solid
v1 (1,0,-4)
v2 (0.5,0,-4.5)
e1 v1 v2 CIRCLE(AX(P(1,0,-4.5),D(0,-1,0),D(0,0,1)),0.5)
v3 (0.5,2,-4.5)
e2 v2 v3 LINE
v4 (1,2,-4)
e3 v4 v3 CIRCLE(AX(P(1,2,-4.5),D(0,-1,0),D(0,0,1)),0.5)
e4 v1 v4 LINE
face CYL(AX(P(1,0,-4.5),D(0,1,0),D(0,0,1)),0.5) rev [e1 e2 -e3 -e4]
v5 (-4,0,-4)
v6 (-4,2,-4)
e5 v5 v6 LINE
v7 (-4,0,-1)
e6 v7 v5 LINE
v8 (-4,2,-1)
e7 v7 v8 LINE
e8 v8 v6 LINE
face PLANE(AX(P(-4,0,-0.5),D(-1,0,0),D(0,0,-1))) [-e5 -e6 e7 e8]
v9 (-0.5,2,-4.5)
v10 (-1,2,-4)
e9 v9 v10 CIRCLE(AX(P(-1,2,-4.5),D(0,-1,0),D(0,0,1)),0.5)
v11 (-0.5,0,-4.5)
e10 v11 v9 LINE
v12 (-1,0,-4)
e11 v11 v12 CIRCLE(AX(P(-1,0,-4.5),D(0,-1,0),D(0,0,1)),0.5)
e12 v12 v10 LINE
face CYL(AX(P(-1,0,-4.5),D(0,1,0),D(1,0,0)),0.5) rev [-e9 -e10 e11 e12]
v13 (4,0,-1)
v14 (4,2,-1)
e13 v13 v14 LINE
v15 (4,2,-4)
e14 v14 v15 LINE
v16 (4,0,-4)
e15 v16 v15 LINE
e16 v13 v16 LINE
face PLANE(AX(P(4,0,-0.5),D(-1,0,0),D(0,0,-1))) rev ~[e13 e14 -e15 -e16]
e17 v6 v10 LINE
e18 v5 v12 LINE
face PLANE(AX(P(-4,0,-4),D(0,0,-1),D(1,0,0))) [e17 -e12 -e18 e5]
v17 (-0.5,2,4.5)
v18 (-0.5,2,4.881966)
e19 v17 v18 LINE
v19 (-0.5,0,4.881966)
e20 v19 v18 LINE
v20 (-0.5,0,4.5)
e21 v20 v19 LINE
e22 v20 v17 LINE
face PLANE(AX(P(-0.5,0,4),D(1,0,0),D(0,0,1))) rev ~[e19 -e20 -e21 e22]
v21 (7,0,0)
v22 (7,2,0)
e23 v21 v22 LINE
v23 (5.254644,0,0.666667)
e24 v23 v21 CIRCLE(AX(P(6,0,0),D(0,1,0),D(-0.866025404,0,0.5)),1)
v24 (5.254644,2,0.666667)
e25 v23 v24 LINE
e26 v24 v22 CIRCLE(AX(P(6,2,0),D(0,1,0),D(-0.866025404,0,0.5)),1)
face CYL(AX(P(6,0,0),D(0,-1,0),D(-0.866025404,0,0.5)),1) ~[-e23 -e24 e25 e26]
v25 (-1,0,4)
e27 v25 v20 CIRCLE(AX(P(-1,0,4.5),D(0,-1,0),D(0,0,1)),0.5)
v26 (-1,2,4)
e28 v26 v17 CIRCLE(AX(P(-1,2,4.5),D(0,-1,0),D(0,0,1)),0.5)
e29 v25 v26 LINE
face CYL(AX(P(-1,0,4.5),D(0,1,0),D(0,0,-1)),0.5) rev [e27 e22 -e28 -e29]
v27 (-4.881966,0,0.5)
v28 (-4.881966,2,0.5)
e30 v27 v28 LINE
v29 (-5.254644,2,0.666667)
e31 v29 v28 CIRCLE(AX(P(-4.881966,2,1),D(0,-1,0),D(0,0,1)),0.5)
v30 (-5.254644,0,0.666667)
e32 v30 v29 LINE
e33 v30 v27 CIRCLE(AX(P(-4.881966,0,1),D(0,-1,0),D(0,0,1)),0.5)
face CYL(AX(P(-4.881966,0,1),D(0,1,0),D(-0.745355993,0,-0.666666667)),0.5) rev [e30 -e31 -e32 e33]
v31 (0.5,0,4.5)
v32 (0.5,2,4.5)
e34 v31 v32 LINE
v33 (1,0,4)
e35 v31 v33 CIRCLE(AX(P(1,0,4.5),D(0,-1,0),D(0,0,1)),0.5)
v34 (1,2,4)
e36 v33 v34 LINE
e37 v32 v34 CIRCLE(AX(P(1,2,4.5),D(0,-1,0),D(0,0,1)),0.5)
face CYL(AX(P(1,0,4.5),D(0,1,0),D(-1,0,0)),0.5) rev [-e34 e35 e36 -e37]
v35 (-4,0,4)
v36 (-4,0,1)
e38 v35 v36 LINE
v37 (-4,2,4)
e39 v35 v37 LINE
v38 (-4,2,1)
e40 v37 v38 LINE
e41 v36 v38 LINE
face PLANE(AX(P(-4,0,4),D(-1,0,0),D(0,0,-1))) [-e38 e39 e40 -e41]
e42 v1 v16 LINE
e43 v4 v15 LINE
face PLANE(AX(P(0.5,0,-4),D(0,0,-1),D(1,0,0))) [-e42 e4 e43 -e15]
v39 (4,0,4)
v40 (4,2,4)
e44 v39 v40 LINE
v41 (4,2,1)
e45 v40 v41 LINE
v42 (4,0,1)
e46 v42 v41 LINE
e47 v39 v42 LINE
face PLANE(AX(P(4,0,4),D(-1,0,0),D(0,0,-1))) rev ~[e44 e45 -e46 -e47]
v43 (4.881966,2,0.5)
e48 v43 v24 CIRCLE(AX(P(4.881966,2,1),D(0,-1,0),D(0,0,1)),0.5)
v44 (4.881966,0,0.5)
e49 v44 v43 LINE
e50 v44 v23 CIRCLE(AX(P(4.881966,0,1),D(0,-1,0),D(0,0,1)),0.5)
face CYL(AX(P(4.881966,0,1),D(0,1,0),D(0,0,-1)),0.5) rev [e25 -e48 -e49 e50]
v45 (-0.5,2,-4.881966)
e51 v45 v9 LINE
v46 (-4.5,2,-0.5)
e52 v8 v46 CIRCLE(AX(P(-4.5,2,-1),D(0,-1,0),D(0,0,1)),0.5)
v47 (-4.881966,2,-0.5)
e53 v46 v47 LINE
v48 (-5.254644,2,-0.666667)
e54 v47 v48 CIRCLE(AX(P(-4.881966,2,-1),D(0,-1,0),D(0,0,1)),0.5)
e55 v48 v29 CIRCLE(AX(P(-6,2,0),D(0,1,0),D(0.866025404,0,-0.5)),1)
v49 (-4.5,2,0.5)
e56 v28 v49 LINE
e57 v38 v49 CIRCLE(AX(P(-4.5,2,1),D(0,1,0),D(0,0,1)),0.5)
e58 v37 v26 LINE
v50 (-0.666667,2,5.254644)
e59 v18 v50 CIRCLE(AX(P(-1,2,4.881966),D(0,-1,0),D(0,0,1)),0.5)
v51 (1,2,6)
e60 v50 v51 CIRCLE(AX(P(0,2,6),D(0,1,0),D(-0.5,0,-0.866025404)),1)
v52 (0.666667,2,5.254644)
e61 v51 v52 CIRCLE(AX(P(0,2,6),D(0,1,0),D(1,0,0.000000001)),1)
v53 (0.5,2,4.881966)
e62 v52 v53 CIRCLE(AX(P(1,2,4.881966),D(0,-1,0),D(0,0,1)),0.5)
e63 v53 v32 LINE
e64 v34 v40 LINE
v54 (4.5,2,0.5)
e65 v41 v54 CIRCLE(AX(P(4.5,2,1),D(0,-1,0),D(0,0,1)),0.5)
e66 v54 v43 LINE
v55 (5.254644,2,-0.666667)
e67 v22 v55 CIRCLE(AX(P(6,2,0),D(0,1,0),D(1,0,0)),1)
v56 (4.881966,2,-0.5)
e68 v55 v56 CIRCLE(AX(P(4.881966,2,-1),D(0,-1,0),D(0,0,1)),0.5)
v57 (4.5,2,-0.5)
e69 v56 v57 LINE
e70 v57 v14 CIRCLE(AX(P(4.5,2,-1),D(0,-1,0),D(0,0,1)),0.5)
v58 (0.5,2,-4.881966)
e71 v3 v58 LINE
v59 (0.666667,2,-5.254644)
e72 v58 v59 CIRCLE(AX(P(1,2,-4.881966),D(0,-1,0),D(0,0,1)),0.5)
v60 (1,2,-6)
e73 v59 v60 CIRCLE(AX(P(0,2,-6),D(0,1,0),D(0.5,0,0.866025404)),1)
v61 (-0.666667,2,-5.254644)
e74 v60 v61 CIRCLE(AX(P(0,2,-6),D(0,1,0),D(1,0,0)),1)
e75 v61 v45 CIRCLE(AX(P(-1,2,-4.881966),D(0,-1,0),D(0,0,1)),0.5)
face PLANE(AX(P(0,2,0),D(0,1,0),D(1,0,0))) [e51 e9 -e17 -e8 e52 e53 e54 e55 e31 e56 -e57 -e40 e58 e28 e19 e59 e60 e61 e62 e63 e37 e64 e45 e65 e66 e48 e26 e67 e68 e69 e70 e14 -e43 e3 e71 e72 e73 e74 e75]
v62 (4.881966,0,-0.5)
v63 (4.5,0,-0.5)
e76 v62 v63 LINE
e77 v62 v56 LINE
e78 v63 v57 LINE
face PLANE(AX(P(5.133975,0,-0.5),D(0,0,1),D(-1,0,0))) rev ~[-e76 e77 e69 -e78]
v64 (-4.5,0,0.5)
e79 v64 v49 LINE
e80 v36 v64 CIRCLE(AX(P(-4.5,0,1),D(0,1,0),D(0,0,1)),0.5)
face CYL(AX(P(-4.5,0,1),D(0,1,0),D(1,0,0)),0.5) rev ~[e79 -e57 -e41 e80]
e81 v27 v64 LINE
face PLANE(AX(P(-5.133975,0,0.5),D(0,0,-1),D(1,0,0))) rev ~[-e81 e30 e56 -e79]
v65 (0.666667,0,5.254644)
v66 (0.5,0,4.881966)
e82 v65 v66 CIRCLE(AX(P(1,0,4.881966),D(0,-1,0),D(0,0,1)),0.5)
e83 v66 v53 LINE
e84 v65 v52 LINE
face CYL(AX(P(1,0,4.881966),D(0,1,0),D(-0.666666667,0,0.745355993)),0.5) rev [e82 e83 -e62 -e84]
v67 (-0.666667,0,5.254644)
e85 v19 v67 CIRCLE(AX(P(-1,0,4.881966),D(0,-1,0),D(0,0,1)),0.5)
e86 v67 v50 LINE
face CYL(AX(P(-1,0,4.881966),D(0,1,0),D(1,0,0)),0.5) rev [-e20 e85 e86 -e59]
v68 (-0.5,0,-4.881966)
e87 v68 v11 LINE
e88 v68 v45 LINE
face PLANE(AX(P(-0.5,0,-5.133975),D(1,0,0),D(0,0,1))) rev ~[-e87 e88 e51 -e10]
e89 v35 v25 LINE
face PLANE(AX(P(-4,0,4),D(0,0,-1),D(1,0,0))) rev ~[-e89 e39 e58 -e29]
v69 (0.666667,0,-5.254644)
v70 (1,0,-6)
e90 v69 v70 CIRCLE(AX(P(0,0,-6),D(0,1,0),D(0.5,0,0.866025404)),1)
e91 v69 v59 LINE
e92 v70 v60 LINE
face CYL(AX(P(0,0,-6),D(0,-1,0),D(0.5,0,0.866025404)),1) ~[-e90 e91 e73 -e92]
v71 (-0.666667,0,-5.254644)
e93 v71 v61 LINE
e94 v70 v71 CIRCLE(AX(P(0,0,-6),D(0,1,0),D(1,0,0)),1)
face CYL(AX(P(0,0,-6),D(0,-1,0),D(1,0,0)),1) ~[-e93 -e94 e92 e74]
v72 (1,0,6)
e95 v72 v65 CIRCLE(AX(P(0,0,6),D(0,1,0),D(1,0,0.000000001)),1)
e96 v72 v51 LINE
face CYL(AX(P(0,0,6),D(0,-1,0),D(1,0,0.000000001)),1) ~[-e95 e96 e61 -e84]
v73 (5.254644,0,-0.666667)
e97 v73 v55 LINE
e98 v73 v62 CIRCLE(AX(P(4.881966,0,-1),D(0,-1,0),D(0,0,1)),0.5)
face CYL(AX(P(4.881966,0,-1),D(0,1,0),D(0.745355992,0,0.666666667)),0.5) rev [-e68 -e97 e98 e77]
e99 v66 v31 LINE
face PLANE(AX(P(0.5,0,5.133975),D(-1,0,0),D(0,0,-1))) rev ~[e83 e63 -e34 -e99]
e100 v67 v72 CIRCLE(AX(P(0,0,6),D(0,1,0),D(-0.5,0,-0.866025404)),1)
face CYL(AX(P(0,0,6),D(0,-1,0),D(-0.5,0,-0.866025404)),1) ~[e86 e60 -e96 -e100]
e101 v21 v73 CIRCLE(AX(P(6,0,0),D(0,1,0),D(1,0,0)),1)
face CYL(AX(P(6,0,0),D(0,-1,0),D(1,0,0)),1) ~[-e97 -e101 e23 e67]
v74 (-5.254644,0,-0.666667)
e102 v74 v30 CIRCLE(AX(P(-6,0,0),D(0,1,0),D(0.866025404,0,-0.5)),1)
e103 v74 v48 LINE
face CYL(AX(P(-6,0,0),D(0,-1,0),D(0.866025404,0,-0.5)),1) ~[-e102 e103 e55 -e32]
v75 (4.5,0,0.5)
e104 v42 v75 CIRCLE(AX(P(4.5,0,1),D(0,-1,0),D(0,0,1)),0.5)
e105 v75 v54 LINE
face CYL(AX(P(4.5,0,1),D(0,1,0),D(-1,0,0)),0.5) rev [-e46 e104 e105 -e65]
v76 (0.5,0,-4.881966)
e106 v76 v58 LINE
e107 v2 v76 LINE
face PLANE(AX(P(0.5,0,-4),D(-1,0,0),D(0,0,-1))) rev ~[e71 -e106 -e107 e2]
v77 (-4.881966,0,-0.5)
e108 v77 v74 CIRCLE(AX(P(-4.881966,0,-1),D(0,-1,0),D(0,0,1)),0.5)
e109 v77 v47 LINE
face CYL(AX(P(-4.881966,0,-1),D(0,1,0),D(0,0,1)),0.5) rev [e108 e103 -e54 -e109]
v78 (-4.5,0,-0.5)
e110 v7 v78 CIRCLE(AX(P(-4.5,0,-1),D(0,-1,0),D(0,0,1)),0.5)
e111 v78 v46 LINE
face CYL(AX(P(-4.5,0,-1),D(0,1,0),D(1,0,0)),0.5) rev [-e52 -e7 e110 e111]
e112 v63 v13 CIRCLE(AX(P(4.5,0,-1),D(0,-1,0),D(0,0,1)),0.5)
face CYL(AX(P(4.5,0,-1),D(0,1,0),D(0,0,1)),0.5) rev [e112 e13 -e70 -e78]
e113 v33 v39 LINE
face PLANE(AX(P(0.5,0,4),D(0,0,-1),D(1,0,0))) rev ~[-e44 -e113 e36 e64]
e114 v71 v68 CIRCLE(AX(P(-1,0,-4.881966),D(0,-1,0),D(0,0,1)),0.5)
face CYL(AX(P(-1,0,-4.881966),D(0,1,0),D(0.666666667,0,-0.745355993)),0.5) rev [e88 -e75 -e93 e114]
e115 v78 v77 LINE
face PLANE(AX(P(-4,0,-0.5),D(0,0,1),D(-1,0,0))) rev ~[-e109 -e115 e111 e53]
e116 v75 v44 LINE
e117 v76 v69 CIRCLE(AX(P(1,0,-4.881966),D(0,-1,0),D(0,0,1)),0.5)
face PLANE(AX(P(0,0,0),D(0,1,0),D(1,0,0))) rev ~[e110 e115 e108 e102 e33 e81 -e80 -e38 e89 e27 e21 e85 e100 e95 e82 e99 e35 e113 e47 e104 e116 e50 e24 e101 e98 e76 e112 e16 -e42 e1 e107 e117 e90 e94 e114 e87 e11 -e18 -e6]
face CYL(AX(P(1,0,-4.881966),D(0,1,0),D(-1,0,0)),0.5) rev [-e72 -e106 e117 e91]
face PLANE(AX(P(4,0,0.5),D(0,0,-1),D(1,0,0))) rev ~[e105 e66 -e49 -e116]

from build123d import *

# Parameters (mm, degrees)
SKETCH1_W           = 8
SKETCH1_H           = 8
BOSS_EXTRUDE1_DEPTH = 2
FILLET2_R           = 0.5


with BuildPart() as part:
    # Sketch1 → Boss-Extrude1 (new body)
    with BuildSketch(Plane(origin=(0, 0, 0), x_dir=(1, 0, 0), z_dir=(0, 1, 0))):
        Rectangle(SKETCH1_W, SKETCH1_H)
        with BuildLine():
            ThreePointArc((-5, 0), (-5.034074174, 0.258819045), (-5.133974596, 0.5))
            Line((-5.133974596, 0.5), (-6, 0.5))
            Line((-6, 0.5), (-6, -0.5))
            Line((-6, -0.5), (-5.133974596, -0.5))
            ThreePointArc((-5.133974596, -0.5), (-5.034074174, -0.258819045), (-5, 0))
        make_face()
        with BuildLine():
            Line((-6, 0.5), (-5.133974596, 0.5))
            ThreePointArc((-5.133974596, 0.5), (-7, 0), (-5.133974596, -0.5))
            Line((-5.133974596, -0.5), (-6, -0.5))
            Line((-6, -0.5), (-6, 0.5))
        make_face()
        with BuildLine():
            Line((-4, -0.5), (-4, 0.5))
            Line((-4, 0.5), (-5.133974596, 0.5))
            ThreePointArc((-5.133974596, 0.5), (-5.034074174, 0.258819045), (-5, 0))
            ThreePointArc((-5, 0), (-5.034074174, -0.258819045), (-5.133974596, -0.5))
            Line((-5.133974596, -0.5), (-4, -0.5))
        make_face()
        with BuildLine():
            Line((0, 5), (0, 4))
            Line((0, 4), (0.5, 4))
            Line((0.5, 4), (0.5, 5.133974596))
            ThreePointArc((0.5, 5.133974596), (0.258819045, 5.034074174), (0, 5))
        make_face()
        with BuildLine():
            Line((-0.5, 5.133974596), (-0.5, 4))
            Line((-0.5, 4), (0, 4))
            Line((0, 4), (0, 5))
            ThreePointArc((0, 5), (-0.258819045, 5.034074174), (-0.5, 5.133974596))
        make_face()
        with BuildLine():
            Line((-0.5, 6), (-0.5, 5.133974596))
            ThreePointArc((-0.5, 5.133974596), (-0.258819045, 5.034074174), (0, 5))
            Line((0, 5), (0, 6))
            Line((0, 6), (-0.5, 6))
        make_face()
        with BuildLine():
            Line((0, 6), (0, 5))
            ThreePointArc((0, 5), (0.258819045, 5.034074174), (0.5, 5.133974596))
            Line((0.5, 5.133974596), (0.5, 6))
            Line((0.5, 6), (0, 6))
        make_face()
        with BuildLine():
            ThreePointArc((1, 6), (-0.5, 6.866025404), (-0.5, 5.133974596))
            Line((-0.5, 5.133974596), (-0.5, 6))
            Line((-0.5, 6), (0, 6))
            Line((0, 6), (0.5, 6))
            Line((0.5, 6), (0.5, 5.133974596))
            ThreePointArc((0.5, 5.133974596), (0.866025404, 5.5), (1, 6))
        make_face()
        with BuildLine():
            ThreePointArc((7, 0), (6.258819045, 0.965925826), (5.133974596, 0.5))
            Line((5.133974596, 0.5), (6, 0.5))
            Line((6, 0.5), (6, -0.5))
            Line((6, -0.5), (5.133974596, -0.5))
            ThreePointArc((5.133974596, -0.5), (6.258819045, -0.965925826), (7, 0))
        make_face()
        with BuildLine():
            Line((6, 0.5), (5.133974596, 0.5))
            ThreePointArc((5.133974596, 0.5), (5, 0), (5.133974596, -0.5))
            Line((5.133974596, -0.5), (6, -0.5))
            Line((6, -0.5), (6, 0.5))
        make_face()
        with BuildLine():
            ThreePointArc((0.5, -5.133974596), (0, -5), (-0.5, -5.133974596))
            Line((-0.5, -5.133974596), (-0.5, -6))
            Line((-0.5, -6), (0.5, -6))
            Line((0.5, -6), (0.5, -5.133974596))
        make_face()
        with BuildLine():
            Line((-0.5, -6), (-0.5, -5.133974596))
            ThreePointArc((-0.5, -5.133974596), (-0.5, -6.866025404), (1, -6))
            ThreePointArc((1, -6), (0.866025404, -5.5), (0.5, -5.133974596))
            Line((0.5, -5.133974596), (0.5, -6))
            Line((0.5, -6), (-0.5, -6))
        make_face()
        with BuildLine():
            Line((0.5, -4), (-0.5, -4))
            Line((-0.5, -4), (-0.5, -5.133974596))
            ThreePointArc((-0.5, -5.133974596), (0, -5), (0.5, -5.133974596))
            Line((0.5, -5.133974596), (0.5, -4))
        make_face()
        with BuildLine():
            Line((5.133974596, 0.5), (4, 0.5))
            Line((4, 0.5), (4, -0.5))
            Line((4, -0.5), (5.133974596, -0.5))
            ThreePointArc((5.133974596, -0.5), (5, 0), (5.133974596, 0.5))
        make_face()
    extrude(amount=BOSS_EXTRUDE1_DEPTH)

    # Fillet2
    fillet2_edges = [part.edges().sort_by_distance(p)[0] for p in [
        (0.5, 1, -4),
        (4, 1, -0.5),
        (5.133974596, 1, -0.5),
        (5.133974596, 1, 0.5),
        (4, 1, 0.5),
        (0.5, 1, 4),
        (0.5, 1, 5.133974596),
        (-0.5, 1, 5.133974596),
        (-0.5, 1, 4),
        (-4, 1, 0.5),
        (-5.133974596, 1, 0.5),
        (-5.133974596, 1, -0.5),
        (-4, 1, -0.5),
        (-0.5, 1, -4),
        (-0.5, 1, -5.133974596),
        (0.5, 1, -5.133974596),
    ]]
    fillet(fillet2_edges, radius=FILLET2_R)


solid = part.part
